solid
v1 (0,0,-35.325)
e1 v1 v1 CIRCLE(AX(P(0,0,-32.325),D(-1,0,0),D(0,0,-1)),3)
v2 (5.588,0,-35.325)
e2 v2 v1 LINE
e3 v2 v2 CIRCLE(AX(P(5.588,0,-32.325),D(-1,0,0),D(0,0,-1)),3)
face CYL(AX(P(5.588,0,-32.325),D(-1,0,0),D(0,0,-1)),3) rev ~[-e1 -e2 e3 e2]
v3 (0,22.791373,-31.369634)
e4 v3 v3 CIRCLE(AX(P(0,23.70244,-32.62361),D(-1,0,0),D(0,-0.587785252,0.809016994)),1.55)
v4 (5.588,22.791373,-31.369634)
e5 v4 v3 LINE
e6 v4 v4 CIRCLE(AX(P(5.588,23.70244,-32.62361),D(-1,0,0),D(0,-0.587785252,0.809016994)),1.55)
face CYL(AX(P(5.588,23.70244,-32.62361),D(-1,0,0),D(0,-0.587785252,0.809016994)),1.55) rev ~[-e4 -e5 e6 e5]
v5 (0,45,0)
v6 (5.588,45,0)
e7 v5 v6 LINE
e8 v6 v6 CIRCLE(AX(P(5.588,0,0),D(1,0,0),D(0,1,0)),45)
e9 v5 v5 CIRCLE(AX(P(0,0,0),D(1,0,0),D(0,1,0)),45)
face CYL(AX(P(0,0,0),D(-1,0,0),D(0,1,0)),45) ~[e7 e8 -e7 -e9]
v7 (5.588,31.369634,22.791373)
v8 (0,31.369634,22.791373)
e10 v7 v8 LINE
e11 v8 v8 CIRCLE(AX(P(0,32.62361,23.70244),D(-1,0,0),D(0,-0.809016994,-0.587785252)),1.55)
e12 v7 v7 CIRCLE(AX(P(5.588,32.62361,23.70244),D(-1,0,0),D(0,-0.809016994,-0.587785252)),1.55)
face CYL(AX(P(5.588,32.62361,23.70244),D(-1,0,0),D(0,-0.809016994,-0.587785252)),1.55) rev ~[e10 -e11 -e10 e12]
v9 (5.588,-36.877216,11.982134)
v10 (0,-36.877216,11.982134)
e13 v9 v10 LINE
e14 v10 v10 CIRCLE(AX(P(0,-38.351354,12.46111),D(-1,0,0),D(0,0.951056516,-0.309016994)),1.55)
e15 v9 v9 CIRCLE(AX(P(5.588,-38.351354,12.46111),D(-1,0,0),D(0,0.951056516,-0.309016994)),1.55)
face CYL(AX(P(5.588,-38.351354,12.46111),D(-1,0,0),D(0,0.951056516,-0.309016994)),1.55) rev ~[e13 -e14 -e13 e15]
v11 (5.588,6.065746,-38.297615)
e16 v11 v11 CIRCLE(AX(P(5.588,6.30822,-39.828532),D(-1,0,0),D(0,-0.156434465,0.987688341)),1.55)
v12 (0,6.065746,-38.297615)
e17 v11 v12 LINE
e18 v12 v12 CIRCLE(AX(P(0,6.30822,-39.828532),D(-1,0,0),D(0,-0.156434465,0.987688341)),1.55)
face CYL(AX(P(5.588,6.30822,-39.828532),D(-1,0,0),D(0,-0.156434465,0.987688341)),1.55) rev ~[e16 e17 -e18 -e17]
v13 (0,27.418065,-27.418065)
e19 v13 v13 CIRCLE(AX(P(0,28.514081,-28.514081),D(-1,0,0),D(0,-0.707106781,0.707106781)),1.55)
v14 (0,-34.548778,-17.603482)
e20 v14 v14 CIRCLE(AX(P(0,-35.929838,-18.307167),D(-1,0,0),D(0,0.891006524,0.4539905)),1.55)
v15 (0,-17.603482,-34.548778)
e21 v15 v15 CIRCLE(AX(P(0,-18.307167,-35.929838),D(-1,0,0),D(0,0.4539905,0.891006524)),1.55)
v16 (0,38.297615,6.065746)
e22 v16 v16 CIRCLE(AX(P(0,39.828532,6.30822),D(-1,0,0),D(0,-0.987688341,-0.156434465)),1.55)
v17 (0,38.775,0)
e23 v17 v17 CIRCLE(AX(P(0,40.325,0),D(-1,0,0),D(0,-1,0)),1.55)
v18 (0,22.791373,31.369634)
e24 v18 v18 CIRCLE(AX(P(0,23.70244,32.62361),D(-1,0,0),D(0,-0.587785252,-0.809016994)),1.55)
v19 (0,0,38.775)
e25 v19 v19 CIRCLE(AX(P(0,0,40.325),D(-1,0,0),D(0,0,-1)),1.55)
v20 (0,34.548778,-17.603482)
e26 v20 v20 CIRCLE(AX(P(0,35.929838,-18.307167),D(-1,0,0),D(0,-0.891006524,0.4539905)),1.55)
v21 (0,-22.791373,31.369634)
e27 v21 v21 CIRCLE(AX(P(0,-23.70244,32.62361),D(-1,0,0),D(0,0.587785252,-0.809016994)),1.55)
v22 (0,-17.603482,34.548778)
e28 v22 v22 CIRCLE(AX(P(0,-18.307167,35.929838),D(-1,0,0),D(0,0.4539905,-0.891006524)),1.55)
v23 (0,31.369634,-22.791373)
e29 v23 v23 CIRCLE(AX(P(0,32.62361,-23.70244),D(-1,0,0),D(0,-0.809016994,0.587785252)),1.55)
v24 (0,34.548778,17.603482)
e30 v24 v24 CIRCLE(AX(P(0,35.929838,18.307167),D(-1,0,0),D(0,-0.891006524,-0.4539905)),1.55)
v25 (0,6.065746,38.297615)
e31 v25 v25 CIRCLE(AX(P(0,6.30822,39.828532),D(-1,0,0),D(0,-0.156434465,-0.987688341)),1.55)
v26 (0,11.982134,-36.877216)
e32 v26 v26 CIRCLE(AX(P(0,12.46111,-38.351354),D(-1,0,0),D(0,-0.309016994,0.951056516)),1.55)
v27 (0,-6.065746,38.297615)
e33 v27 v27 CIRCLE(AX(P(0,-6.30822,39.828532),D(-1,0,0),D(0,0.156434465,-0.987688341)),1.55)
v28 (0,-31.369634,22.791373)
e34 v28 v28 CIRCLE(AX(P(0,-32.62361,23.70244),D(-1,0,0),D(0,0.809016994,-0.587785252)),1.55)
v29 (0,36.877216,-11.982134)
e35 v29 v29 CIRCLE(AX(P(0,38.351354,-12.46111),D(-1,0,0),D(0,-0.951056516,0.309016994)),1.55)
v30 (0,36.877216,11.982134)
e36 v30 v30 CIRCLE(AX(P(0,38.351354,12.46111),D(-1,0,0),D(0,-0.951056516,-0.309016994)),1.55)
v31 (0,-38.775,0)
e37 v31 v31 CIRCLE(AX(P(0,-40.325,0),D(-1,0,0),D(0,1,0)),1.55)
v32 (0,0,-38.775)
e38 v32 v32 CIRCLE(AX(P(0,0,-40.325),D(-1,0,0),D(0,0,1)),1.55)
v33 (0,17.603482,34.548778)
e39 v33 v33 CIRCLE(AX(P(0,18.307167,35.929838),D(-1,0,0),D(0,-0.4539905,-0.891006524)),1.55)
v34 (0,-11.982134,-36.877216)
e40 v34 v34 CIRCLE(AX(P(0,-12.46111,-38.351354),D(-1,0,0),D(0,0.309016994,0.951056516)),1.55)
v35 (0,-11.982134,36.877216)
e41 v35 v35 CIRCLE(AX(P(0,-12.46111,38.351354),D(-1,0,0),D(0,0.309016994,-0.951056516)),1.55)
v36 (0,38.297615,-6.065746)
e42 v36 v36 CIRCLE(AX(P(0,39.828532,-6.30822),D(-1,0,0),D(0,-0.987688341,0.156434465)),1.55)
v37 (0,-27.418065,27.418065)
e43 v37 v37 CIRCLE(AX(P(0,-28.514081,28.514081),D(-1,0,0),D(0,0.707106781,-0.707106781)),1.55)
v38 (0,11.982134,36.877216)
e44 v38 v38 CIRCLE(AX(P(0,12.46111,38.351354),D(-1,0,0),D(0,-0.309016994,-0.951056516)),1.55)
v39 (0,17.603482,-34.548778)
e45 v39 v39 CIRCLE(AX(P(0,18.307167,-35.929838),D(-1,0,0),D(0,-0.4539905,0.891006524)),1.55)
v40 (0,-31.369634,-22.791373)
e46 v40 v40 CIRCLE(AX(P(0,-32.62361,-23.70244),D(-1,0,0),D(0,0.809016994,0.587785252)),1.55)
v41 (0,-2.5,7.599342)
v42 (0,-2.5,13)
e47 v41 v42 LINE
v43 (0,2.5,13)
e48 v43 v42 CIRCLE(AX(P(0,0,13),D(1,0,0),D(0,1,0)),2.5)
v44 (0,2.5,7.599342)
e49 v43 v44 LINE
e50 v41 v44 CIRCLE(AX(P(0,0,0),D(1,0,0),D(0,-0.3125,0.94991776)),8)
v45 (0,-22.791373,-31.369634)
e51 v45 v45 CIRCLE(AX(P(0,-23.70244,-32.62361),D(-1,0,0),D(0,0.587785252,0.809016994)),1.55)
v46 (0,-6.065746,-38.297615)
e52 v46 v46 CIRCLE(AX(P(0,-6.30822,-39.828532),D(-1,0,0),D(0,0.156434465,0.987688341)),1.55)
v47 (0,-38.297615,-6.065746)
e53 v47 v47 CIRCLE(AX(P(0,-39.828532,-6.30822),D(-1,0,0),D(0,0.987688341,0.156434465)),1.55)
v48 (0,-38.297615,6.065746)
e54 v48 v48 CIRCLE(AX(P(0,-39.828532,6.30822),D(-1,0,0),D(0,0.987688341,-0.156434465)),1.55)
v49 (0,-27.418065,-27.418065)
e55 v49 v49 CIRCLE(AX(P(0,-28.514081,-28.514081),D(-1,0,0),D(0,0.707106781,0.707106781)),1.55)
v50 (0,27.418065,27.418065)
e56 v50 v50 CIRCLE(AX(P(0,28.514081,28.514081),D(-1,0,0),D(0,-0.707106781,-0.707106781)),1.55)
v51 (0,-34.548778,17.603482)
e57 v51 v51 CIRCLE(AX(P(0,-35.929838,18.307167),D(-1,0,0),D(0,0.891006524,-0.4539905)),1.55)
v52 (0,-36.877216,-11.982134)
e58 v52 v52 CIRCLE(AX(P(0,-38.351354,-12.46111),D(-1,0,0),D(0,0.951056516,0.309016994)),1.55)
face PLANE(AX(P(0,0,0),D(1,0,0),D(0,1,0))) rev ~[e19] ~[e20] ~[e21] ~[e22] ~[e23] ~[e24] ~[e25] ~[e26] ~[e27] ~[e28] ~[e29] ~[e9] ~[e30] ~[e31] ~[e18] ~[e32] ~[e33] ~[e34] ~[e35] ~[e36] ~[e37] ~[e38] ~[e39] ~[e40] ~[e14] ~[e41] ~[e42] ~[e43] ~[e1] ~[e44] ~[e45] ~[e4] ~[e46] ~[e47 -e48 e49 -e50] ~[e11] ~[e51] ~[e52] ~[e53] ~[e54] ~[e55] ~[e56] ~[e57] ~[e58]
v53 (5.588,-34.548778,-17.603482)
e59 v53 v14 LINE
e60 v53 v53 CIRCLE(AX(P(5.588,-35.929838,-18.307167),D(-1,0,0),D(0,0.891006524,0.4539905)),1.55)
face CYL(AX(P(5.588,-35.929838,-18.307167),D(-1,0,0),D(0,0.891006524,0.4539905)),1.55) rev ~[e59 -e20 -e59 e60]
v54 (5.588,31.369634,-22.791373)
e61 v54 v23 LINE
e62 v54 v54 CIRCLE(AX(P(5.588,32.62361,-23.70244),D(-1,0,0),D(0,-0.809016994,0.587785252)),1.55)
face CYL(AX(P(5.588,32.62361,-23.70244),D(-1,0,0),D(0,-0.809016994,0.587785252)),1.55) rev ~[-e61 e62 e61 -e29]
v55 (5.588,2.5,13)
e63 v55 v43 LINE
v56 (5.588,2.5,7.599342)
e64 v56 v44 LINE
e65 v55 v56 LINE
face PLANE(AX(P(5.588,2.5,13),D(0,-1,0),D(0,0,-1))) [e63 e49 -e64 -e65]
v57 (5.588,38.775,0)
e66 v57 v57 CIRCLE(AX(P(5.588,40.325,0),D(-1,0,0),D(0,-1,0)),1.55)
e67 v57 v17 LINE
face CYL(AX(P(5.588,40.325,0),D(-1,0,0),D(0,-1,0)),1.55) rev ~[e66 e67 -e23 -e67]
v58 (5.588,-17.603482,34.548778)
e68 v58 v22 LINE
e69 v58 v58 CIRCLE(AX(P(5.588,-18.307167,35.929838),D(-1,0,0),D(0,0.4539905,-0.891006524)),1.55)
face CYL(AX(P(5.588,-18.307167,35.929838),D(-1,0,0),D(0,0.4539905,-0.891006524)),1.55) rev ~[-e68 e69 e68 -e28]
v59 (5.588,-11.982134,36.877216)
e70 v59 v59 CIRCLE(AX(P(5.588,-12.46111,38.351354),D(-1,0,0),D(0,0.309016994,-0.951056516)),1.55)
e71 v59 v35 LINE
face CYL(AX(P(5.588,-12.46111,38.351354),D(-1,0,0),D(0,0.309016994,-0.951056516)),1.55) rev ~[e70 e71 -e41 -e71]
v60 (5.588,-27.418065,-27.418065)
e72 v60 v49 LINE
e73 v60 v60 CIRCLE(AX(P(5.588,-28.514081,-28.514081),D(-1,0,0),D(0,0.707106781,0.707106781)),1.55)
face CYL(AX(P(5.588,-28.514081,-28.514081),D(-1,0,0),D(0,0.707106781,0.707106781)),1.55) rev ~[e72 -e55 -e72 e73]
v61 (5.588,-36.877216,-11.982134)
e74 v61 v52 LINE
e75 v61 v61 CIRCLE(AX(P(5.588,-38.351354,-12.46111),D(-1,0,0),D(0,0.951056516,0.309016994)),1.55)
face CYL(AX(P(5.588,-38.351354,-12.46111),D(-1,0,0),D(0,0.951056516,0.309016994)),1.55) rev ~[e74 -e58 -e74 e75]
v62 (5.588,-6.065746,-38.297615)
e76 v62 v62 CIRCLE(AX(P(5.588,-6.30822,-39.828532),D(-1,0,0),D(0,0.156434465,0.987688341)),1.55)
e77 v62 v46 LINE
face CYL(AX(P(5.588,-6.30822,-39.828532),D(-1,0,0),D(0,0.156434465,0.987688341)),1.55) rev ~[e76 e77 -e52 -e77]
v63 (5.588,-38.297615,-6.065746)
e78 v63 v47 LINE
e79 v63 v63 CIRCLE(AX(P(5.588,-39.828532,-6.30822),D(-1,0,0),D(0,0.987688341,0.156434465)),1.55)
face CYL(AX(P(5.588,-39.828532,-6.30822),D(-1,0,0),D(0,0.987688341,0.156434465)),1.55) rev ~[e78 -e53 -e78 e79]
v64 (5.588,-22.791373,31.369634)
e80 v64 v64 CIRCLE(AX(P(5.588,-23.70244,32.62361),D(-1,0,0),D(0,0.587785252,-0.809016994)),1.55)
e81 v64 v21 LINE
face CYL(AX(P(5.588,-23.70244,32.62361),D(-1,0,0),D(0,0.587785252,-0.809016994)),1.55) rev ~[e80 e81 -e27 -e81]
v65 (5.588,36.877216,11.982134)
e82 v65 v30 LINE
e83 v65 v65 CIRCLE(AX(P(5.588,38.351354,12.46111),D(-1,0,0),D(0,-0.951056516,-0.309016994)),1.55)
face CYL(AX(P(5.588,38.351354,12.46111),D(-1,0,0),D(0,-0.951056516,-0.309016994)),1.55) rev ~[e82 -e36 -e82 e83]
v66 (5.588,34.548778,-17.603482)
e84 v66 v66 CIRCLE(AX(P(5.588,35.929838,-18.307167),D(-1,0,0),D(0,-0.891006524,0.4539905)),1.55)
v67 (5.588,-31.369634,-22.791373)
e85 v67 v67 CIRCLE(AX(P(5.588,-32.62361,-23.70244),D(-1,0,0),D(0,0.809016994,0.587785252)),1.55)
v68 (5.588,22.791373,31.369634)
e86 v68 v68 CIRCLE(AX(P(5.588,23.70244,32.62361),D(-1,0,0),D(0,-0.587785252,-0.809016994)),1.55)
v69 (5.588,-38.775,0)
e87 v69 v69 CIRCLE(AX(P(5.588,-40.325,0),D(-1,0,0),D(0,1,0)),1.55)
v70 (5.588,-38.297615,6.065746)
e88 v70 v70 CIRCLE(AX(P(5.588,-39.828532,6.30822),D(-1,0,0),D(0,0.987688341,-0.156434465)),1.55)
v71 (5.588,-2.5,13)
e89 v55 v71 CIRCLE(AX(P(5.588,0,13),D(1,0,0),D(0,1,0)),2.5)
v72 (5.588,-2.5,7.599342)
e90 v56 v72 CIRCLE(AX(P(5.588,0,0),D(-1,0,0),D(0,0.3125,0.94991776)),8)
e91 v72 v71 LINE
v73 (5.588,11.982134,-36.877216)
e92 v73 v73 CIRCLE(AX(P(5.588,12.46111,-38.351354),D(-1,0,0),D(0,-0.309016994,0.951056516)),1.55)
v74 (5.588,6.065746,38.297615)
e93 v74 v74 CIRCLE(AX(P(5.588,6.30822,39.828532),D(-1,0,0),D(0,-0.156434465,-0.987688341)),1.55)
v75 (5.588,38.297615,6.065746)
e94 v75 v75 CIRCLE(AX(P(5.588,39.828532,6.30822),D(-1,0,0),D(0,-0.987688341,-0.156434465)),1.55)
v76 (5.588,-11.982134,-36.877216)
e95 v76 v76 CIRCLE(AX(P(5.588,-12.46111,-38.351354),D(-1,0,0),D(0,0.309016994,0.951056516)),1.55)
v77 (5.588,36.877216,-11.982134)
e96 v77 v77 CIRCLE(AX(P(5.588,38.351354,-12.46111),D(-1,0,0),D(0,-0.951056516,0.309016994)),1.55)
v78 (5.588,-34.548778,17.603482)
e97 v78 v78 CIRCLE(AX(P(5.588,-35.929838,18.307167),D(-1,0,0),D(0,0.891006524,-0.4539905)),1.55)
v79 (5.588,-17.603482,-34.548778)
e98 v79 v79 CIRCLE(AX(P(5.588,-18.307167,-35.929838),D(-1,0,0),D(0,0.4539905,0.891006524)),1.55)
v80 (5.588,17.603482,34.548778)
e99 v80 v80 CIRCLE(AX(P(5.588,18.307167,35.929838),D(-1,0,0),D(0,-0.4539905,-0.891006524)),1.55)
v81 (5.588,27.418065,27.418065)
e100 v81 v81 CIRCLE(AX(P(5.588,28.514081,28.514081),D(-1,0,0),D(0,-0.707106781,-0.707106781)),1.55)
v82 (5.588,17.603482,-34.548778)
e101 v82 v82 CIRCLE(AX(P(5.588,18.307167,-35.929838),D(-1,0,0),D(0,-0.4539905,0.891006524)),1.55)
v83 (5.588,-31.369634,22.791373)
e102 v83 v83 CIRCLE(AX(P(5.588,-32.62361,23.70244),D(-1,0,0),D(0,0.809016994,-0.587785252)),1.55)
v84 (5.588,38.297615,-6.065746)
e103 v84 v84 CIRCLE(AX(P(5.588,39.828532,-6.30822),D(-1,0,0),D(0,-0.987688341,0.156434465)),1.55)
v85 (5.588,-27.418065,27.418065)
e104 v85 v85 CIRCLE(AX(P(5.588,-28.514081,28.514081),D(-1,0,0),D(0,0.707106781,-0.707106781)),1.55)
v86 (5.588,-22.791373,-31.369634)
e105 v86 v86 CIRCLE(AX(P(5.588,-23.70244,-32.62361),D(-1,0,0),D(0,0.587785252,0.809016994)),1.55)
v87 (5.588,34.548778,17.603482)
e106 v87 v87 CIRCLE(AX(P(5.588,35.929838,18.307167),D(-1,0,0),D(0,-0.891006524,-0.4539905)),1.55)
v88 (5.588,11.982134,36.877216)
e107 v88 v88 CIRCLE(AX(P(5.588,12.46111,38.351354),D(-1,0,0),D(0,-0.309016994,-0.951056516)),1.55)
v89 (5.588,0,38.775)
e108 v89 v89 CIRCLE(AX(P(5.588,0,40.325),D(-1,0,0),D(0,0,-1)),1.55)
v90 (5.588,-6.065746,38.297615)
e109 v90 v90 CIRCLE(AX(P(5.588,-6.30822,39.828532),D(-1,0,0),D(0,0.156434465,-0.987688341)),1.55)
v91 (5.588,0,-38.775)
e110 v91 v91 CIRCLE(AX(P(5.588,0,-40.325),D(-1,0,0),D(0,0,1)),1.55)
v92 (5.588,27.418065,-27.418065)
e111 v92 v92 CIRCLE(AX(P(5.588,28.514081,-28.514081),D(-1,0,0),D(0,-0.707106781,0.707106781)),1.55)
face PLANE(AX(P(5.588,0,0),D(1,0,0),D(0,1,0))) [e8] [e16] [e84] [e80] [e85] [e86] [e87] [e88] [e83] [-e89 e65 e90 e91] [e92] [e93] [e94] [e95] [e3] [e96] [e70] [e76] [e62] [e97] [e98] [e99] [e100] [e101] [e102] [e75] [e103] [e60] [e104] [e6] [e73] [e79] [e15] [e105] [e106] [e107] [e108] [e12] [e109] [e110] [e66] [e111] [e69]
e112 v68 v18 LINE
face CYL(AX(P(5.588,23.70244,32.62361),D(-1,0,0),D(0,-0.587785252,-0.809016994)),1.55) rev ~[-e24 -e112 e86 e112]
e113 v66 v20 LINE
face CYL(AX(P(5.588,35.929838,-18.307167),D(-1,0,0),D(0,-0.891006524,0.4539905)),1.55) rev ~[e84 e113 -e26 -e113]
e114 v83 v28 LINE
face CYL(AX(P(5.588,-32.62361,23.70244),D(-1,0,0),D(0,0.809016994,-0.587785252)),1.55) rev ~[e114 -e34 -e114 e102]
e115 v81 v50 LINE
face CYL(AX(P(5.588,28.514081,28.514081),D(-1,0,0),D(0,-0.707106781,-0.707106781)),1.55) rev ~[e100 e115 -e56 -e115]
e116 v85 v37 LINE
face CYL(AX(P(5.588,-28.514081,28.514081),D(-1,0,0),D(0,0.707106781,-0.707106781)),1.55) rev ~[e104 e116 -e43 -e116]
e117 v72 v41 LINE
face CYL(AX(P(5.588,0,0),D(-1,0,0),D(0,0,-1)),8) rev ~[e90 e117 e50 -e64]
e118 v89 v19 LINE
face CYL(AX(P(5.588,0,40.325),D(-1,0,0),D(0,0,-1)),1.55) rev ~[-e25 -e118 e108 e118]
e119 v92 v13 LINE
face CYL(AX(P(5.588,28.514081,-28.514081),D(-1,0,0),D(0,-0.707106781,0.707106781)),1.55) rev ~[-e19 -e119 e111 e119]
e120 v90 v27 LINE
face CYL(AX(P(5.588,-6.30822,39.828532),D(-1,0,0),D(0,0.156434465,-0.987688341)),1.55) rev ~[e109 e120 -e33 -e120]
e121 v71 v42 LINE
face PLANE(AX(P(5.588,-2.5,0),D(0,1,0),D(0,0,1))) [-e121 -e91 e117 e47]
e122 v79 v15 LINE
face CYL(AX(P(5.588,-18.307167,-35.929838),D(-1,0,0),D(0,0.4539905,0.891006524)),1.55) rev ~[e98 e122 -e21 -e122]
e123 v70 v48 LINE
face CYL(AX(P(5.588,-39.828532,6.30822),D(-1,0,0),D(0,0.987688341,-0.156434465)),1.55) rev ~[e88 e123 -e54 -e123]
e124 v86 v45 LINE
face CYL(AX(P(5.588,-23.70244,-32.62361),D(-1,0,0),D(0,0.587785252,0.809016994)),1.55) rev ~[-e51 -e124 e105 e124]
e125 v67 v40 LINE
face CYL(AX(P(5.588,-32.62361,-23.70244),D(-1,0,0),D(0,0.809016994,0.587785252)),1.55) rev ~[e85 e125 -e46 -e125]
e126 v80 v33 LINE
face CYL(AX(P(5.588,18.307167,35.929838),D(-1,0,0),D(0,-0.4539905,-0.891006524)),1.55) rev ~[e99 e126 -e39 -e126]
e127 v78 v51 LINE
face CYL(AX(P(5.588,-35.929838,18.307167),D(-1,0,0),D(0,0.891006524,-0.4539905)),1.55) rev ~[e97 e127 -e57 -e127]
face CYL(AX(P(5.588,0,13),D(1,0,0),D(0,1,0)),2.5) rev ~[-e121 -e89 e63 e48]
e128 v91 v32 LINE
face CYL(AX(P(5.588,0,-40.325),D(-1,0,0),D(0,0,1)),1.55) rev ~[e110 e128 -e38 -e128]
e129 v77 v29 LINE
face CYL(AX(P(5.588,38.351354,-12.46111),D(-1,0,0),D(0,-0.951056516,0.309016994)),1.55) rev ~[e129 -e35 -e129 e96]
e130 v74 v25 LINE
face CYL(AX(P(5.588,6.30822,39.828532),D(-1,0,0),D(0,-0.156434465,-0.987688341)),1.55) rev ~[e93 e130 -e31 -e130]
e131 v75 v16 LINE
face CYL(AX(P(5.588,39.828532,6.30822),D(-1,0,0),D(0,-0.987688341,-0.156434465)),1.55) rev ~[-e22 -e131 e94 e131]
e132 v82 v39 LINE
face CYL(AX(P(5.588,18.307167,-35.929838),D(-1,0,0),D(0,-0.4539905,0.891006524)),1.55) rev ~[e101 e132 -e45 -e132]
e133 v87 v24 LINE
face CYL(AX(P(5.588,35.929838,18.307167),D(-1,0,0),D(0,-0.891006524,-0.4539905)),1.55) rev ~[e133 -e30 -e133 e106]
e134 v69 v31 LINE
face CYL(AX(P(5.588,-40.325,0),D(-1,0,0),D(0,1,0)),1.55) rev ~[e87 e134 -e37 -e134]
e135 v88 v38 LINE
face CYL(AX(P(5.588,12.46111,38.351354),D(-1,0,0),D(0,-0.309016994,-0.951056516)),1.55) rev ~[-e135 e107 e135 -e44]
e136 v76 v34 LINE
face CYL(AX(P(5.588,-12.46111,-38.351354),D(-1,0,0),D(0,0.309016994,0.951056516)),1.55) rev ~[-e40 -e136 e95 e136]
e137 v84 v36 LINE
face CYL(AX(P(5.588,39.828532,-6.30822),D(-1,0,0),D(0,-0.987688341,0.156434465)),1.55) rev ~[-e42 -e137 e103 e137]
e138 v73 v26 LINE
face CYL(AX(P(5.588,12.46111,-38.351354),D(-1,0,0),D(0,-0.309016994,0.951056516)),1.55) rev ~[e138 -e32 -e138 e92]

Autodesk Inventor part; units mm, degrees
ref_plane "YZ Plane" through (0, 0, 0) normal (1, 0, 0) x (0, 1, 0)
ref_plane "XZ Plane" through (0, 0, 0) normal (0, 1, 0) x (-1, 0, 0)
ref_plane "XY Plane" through (0, 0, 0) normal (0, 0, 1) x (1, 0, 0)
sketch "Sketch2" plane through (0, 0, 0) normal (1, 0, 0) x (0, 1, 0)
  circle A0 centre (0, 0) radius 45
  dimension "d7" = 90
extrude "Extrusion1" add sketch "Sketch2" along normal blind 5.588
sketch "Sketch3" plane through (5.588, 0, 0) normal (1, 0, 0) x (0, 0, -1)
  circle A0 centre (0, 0) radius 45 projected
  line L0 (0, 0) -> (-45, 0)
  circle A1 centre (0, 0) radius 45 projected
  point P0 (-40.325, 0)
  dimension "d10" = 40.325
hole "Hole1" at (5.588, 0, 40.325) direction (-1, 0, 0) diameter 3.1 end through all
pattern_circular "Circular Pattern1" count 40 over 360 about axis through (-10, 0, 0) along (1, 0, 0) of "Hole1"
sketch "Sketch4" plane through (5.588, 0, 0) normal (1, 0, 0) x (0, 0, -1)
  point P0 (0, 0)
  point P1 (0, 0)
hole "Hole2" at (5.588, 0, 0) direction (-1, 0, 0) diameter 16 end through all
sketch "Sketch5" plane through (5.588, 0, 0) normal (1, 0, 0) x (0, 0, -1)
  line L0 (0, -2.5) -> (-13, -2.5)
  line L1 (-13, -2.5) -> (-13, 2.5)
  line L2 (-13, 2.5) -> (0, 2.5)
  line L3 (0, 2.5) -> (0, -2.5)
  arc A0 (-13, 2.5) -> (-13, -2.5) centre (-13, 0) ccw
  point P0 (0, 0)
  point P1 (0, 0)
  dimension "d28" = 5
  dimension "d29" = 13
extrude "Extrusion2" cut sketch "Sketch5" against normal through all
sketch "Sketch6" plane through (5.588, 0, 0) normal (1, 0, 0) x (0, 0, -1)
  line L0 (-13, 2.5) -> (-7.5993, 2.5) projected
  arc A0 (-7.5993, -2.5) -> (-7.5993, 2.5) centre (0, 0) ccw projected
  line L1 (-7.5993, -2.5) -> (-13, -2.5) projected
  arc A1 (-13, 2.5) -> (-13, -2.5) centre (-13, 0) ccw projected
  circle A2 centre (-39.8285, 6.3082) radius 1.55 projected
  circle A3 centre (-38.3514, 12.4611) radius 1.55 projected
  circle A4 centre (-35.9298, 18.3072) radius 1.55 projected
  circle A5 centre (-32.6236, 23.7024) radius 1.55 projected
  circle A6 centre (-28.5141, 28.5141) radius 1.55 projected
  circle A7 centre (-23.7024, 32.6236) radius 1.55 projected
  circle A8 centre (-18.3072, 35.9298) radius 1.55 projected
  circle A9 centre (-12.4611, 38.3514) radius 1.55 projected
  circle A10 centre (-6.3082, 39.8285) radius 1.55 projected
  circle A11 centre (0, 40.325) radius 1.55 projected
  circle A12 centre (6.3082, 39.8285) radius 1.55 projected
  circle A13 centre (12.4611, 38.3514) radius 1.55 projected
  circle A14 centre (18.3072, 35.9298) radius 1.55 projected
  circle A15 centre (23.7024, 32.6236) radius 1.55 projected
  circle A16 centre (28.5141, 28.5141) radius 1.55 projected
  circle A17 centre (32.6236, 23.7024) radius 1.55 projected
  circle A18 centre (35.9298, 18.3072) radius 1.55 projected
  circle A19 centre (38.3514, 12.4611) radius 1.55 projected
  circle A20 centre (39.8285, 6.3082) radius 1.55 projected
  circle A21 centre (40.325, 0) radius 1.55 projected
  circle A22 centre (39.8285, -6.3082) radius 1.55 projected
  circle A23 centre (38.3514, -12.4611) radius 1.55 projected
  circle A24 centre (35.9298, -18.3072) radius 1.55 projected
  circle A25 centre (32.6236, -23.7024) radius 1.55 projected
  circle A26 centre (28.5141, -28.5141) radius 1.55 projected
  circle A27 centre (23.7024, -32.6236) radius 1.55 projected
  circle A28 centre (18.3072, -35.9298) radius 1.55 projected
  circle A29 centre (12.4611, -38.3514) radius 1.55 projected
  circle A30 centre (6.3082, -39.8285) radius 1.55 projected
  circle A31 centre (0, -40.325) radius 1.55 projected
  circle A32 centre (-6.3082, -39.8285) radius 1.55 projected
  circle A33 centre (-12.4611, -38.3514) radius 1.55 projected
  circle A34 centre (-18.3072, -35.9298) radius 1.55 projected
  circle A35 centre (-23.7024, -32.6236) radius 1.55 projected
  circle A36 centre (-28.5141, -28.5141) radius 1.55 projected
  circle A37 centre (-32.6236, -23.7024) radius 1.55 projected
  circle A38 centre (-35.9298, -18.3072) radius 1.55 projected
  circle A39 centre (-38.3514, -12.4611) radius 1.55 projected
  circle A40 centre (-39.8285, -6.3082) radius 1.55 projected
  circle A41 centre (-40.325, 0) radius 1.55 projected
  circle A42 centre (0, 0) radius 45 projected
  point P0 (32.325, 0)
  dimension "d32" = 8
  dimension "d33" = 0
hole "Hole3" at (5.588, 0, -32.325) direction (-1, 0, 0) diameter 6 end through all
equation "\"d7\" = spoolDiameter"
equation "\"d8\" = spoolThickness"
equation "\"d10\" = -0.5 * cardPinDiameter + 0.5 * spoolDiameter - materialThickness"
equation "\"d34\" = magnetDiameter"
equation "\"materialThickness\" = 3.175"
equation "\"laserKerf\" = 0.12"
equation "\"cardPinDiameter\" = 3"
equation "\"spoolDiameter\" = 90"
equation "\"centeralShaftDiameter\" = 8"
equation "\"cardHeight\" = 53.98"
equation "\"cardWidth\" = 85.6"
equation "\"cardThickness\" = 0.76"
equation "\"cardFillet\" = 2.88"
equation "\"cardClearence\" = 0.5"
equation "\"bearingOd\" = 22"
equation "\"bearingWidth\" = 8"
equation "\"axleHeight\" = 95"
equation "\"nutTrapDepth\" = 2.5"
equation "\"nutTrapwidth\" = 5.5"
equation "\"nutTrapClearence\" = 2"
equation "\"magnetLength\" = 3"
equation "\"magnetDiameter\" = 6"
equation "\"magnetProtusion\" = 0.25"
equation "\"spoolThickness\" = 5.588"
properties part number "spoolBase" material "Polycarbonate, Clear"
